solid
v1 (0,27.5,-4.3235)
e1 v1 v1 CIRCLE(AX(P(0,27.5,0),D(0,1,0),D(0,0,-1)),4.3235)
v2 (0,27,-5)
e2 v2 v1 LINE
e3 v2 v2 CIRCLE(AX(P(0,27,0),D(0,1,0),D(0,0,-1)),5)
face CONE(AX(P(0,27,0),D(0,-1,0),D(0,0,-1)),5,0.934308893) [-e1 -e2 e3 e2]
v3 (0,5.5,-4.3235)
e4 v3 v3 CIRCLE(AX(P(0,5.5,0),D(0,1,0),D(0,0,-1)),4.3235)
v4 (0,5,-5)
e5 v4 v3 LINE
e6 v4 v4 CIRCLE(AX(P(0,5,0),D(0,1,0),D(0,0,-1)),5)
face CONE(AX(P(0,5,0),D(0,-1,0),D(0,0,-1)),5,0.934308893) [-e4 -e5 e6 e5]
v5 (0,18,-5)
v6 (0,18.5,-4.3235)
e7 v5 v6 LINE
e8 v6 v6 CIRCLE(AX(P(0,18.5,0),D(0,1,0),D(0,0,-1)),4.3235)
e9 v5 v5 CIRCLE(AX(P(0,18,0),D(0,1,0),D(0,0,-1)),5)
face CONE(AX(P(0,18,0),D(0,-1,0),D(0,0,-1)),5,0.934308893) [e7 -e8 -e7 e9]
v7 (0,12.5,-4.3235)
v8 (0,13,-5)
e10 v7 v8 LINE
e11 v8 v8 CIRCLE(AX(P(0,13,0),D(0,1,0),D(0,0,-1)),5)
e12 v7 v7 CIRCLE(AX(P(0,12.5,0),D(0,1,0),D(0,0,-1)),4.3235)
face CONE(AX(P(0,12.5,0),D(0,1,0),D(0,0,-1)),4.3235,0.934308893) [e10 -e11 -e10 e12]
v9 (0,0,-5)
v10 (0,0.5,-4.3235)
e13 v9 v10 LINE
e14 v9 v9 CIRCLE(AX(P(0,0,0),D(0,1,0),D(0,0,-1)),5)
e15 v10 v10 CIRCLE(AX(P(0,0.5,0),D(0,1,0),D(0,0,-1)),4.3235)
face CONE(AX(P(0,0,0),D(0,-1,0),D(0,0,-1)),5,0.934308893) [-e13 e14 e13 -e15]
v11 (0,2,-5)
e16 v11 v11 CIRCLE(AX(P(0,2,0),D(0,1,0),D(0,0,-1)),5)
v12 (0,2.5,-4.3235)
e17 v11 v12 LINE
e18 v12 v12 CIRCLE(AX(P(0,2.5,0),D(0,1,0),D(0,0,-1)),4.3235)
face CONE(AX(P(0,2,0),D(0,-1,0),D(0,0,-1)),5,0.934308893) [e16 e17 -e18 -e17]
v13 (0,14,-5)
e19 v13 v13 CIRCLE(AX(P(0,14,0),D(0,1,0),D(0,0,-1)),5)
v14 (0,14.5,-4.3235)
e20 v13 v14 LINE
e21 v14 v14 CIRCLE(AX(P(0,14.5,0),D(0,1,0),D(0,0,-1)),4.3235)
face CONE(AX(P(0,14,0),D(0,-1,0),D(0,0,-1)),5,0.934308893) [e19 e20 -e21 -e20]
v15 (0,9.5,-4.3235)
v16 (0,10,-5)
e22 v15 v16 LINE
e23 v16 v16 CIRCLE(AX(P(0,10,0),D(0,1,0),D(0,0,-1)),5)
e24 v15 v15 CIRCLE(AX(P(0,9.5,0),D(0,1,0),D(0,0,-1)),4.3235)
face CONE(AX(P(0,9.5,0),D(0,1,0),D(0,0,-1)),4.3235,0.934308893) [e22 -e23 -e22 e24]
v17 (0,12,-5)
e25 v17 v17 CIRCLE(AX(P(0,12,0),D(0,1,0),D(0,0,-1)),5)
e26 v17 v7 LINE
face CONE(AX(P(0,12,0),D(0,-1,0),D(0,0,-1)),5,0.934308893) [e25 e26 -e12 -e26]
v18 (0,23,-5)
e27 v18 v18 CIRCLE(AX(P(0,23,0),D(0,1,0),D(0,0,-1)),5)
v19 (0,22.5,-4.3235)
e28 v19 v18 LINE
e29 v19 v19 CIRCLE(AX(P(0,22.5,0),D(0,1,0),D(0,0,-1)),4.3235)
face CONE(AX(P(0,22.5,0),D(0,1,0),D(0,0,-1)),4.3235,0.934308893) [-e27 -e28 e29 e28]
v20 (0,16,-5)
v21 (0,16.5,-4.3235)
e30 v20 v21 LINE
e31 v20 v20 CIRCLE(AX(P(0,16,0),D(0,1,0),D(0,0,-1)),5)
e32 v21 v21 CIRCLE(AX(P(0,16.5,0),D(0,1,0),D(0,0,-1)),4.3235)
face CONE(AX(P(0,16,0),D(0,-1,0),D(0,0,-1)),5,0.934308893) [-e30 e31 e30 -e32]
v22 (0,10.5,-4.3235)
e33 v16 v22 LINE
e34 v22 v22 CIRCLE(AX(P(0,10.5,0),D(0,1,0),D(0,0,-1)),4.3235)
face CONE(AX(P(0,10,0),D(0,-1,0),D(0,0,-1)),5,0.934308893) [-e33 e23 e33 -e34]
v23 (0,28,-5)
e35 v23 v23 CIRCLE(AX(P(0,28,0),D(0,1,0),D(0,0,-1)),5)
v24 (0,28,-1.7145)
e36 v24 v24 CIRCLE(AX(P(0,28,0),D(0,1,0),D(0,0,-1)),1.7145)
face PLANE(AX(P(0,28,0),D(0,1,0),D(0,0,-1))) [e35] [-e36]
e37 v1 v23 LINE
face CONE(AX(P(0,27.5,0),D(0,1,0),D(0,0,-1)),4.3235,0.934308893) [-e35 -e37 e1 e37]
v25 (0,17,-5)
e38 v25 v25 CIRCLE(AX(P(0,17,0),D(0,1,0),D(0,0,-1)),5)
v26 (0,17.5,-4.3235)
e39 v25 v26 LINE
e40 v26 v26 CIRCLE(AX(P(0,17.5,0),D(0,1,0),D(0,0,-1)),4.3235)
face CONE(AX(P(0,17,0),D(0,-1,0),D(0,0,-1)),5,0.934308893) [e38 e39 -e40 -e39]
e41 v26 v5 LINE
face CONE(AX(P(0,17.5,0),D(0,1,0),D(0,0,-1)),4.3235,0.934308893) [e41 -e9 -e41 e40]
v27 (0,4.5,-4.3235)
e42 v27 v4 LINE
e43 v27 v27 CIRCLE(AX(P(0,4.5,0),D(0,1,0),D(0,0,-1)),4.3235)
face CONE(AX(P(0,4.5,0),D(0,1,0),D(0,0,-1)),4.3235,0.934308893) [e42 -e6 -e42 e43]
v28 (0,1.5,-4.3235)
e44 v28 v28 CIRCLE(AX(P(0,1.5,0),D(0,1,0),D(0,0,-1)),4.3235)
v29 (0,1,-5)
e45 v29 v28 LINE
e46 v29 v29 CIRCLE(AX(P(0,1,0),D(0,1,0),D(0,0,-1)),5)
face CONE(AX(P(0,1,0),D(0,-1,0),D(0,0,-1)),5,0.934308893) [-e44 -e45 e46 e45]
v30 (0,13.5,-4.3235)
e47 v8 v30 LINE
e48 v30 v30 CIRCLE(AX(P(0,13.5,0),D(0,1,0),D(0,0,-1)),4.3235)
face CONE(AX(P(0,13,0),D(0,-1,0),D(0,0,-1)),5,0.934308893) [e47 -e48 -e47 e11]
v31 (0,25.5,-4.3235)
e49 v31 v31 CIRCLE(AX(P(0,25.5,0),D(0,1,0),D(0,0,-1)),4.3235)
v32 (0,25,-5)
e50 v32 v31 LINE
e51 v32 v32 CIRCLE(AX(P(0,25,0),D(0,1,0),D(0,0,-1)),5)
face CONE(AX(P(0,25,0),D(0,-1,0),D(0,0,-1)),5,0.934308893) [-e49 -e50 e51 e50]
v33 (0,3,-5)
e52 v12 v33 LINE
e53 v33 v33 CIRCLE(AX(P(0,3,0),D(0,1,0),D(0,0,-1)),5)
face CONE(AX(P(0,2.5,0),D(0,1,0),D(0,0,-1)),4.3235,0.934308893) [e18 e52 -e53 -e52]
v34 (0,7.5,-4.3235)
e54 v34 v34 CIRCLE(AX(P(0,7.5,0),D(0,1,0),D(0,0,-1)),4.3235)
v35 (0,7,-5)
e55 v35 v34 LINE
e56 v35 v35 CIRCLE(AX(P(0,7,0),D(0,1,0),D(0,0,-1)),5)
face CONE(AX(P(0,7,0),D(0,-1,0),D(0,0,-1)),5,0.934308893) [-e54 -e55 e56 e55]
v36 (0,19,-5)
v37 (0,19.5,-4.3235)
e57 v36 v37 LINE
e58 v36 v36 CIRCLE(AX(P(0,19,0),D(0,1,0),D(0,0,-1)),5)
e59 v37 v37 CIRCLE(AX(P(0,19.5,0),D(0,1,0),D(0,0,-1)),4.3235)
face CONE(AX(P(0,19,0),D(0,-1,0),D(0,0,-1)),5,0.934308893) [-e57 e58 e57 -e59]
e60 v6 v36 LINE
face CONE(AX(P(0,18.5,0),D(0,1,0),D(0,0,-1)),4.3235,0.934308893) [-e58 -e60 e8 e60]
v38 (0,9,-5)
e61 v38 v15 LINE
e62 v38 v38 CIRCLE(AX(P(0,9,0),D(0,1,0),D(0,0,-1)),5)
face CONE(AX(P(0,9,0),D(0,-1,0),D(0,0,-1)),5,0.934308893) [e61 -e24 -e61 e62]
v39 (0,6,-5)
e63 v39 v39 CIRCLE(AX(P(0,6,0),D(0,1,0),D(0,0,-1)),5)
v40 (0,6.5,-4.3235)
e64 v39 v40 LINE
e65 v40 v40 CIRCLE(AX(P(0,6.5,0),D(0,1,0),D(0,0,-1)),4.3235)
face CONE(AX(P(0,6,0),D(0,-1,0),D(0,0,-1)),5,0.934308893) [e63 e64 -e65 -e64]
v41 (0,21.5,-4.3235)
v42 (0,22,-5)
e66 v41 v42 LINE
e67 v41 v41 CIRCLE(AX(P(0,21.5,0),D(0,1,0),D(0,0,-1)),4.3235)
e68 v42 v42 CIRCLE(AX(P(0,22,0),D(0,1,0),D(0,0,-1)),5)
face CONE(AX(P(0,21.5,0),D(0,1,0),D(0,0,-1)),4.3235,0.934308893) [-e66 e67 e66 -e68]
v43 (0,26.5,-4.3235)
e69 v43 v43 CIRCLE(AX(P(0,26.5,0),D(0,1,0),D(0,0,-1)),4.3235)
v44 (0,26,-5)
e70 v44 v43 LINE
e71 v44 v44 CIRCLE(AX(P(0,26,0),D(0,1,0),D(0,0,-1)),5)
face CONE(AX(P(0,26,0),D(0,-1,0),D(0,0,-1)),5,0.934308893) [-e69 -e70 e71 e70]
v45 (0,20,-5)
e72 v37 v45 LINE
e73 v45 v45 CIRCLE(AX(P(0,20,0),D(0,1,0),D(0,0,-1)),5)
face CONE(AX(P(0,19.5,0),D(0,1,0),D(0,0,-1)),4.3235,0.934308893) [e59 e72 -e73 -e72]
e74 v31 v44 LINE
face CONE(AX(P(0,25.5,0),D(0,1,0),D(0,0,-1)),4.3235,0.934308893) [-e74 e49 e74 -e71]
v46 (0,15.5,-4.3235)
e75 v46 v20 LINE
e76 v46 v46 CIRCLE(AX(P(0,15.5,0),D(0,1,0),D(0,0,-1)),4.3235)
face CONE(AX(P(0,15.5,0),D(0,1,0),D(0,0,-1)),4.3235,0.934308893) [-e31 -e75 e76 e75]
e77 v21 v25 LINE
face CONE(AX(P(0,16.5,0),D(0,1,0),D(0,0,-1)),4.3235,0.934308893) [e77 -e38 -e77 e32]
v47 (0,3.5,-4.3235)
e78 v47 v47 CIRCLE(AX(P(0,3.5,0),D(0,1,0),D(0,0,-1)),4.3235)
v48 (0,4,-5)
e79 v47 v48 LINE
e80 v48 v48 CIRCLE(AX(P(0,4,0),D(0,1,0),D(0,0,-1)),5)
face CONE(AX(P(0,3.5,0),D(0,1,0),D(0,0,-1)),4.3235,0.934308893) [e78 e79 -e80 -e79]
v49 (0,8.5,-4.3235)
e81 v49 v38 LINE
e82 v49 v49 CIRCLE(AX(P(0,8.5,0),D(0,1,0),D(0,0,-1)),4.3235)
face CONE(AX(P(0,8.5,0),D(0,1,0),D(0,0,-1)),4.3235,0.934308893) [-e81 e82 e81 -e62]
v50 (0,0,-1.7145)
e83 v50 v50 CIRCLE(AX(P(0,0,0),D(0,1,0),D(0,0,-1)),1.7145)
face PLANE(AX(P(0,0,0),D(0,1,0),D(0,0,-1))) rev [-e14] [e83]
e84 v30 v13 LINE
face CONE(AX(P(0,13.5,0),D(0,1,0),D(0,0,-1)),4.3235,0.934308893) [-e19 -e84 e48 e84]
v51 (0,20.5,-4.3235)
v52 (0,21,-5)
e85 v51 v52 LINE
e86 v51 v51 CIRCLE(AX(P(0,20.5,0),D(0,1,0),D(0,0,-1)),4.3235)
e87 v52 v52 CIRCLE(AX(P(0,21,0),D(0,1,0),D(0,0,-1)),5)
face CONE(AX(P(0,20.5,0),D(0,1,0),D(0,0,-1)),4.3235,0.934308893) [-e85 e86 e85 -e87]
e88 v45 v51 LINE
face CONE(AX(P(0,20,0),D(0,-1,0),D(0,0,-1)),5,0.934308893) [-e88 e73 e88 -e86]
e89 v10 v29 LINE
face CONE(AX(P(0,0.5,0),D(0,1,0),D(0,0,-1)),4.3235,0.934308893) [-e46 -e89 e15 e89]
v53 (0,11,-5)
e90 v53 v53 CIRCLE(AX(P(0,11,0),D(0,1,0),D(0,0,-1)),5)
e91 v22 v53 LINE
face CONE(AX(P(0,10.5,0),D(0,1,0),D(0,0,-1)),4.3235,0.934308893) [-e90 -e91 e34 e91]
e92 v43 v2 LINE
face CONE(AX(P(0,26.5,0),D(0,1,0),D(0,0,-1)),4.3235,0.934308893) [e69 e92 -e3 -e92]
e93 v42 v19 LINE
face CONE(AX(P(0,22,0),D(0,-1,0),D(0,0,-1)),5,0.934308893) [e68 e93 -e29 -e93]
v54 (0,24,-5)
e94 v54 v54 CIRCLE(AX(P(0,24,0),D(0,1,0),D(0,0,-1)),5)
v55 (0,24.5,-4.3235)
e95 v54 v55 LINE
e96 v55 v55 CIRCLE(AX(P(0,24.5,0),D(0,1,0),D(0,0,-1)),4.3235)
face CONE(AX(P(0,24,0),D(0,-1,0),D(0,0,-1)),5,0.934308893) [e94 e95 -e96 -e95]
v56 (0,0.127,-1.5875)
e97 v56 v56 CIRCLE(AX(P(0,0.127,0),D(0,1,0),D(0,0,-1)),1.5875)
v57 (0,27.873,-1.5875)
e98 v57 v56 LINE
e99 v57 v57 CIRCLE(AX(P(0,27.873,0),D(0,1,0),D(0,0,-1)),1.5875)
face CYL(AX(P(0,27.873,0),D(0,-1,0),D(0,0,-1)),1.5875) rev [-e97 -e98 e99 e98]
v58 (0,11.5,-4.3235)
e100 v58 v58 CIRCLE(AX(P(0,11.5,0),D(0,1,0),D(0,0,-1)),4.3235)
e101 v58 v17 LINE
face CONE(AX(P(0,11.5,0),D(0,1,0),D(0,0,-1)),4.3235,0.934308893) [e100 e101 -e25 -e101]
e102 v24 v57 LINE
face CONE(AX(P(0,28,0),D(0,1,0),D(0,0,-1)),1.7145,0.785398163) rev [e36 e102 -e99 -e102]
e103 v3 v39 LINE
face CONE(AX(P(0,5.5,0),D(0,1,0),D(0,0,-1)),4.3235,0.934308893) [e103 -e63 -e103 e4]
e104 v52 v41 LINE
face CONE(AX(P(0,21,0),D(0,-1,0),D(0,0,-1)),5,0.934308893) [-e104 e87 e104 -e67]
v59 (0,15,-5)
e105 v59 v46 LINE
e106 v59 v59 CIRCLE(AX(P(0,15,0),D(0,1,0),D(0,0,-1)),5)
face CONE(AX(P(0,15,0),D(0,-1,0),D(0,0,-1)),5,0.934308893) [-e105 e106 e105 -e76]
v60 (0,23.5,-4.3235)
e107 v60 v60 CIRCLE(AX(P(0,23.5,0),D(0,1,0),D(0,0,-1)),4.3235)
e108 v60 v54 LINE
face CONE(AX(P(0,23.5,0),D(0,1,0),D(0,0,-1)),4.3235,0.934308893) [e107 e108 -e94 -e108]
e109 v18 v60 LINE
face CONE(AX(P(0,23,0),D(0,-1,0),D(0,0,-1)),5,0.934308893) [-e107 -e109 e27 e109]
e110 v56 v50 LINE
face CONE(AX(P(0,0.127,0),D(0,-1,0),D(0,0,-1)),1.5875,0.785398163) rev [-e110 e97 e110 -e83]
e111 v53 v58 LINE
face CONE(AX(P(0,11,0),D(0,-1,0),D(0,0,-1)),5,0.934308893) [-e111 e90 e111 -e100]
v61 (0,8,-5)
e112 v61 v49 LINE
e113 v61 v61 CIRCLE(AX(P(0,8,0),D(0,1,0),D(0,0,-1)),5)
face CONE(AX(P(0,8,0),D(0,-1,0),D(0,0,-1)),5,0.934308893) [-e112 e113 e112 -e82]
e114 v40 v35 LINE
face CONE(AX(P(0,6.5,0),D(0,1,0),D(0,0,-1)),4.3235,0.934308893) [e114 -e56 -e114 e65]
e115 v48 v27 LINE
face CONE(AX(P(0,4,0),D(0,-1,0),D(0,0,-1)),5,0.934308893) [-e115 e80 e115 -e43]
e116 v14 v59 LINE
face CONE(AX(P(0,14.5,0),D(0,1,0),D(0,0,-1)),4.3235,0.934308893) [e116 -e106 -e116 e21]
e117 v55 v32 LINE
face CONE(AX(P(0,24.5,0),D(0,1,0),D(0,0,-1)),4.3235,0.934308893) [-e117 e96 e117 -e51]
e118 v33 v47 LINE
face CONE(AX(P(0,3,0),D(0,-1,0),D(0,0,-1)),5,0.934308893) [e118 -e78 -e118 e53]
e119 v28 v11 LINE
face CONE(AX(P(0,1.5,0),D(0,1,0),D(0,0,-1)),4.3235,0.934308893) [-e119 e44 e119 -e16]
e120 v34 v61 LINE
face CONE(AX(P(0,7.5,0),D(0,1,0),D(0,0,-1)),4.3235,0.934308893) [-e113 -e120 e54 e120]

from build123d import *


with BuildPart() as part:
    # Sketch1 → Revolve1 (revolve)
    with BuildSketch(Plane.XY, mode=Mode.PRIVATE) as revolve1_sk:
        Polygon((1.7145, 0), (5, 0), (4.3235, 0.5), (5, 1), (4.3235, 1.5), (5, 2), (4.3235, 2.5), (5, 3), (4.3235, 3.5), (5, 4), (4.3235, 4.5), (5, 5), (4.3235, 5.5), (5, 6), (4.3235, 6.5), (5, 7), (4.3235, 7.5), (5, 8), (4.3235, 8.5), (5, 9), (4.3235, 9.5), (5, 10), (4.3235, 10.5), (5, 11), (4.3235, 11.5), (5, 12), (4.3235, 12.5), (5, 13), (4.3235, 13.5), (5, 14), (4.3235, 14.5), (5, 15), (4.3235, 15.5), (5, 16), (4.3235, 16.5), (5, 17), (4.3235, 17.5), (5, 18), (4.3235, 18.5), (5, 19), (4.3235, 19.5), (5, 20), (4.3235, 20.5), (5, 21), (4.3235, 21.5), (5, 22), (4.3235, 22.5), (5, 23), (4.3235, 23.5), (5, 24), (4.3235, 24.5), (5, 25), (4.3235, 25.5), (5, 26), (4.3235, 26.5), (5, 27), (4.3235, 27.5), (5, 28), (1.7145, 28), (1.5875, 27.873), (1.5875, 0.127), align=None)
    revolve(revolve1_sk.sketch.rotate(Axis((0, 0, 0), (0, 1, 0)), 90), axis=Axis((0, 0, 0), (0, 1, 0)))  # turned: the seam where the file's is


solid = part.part
